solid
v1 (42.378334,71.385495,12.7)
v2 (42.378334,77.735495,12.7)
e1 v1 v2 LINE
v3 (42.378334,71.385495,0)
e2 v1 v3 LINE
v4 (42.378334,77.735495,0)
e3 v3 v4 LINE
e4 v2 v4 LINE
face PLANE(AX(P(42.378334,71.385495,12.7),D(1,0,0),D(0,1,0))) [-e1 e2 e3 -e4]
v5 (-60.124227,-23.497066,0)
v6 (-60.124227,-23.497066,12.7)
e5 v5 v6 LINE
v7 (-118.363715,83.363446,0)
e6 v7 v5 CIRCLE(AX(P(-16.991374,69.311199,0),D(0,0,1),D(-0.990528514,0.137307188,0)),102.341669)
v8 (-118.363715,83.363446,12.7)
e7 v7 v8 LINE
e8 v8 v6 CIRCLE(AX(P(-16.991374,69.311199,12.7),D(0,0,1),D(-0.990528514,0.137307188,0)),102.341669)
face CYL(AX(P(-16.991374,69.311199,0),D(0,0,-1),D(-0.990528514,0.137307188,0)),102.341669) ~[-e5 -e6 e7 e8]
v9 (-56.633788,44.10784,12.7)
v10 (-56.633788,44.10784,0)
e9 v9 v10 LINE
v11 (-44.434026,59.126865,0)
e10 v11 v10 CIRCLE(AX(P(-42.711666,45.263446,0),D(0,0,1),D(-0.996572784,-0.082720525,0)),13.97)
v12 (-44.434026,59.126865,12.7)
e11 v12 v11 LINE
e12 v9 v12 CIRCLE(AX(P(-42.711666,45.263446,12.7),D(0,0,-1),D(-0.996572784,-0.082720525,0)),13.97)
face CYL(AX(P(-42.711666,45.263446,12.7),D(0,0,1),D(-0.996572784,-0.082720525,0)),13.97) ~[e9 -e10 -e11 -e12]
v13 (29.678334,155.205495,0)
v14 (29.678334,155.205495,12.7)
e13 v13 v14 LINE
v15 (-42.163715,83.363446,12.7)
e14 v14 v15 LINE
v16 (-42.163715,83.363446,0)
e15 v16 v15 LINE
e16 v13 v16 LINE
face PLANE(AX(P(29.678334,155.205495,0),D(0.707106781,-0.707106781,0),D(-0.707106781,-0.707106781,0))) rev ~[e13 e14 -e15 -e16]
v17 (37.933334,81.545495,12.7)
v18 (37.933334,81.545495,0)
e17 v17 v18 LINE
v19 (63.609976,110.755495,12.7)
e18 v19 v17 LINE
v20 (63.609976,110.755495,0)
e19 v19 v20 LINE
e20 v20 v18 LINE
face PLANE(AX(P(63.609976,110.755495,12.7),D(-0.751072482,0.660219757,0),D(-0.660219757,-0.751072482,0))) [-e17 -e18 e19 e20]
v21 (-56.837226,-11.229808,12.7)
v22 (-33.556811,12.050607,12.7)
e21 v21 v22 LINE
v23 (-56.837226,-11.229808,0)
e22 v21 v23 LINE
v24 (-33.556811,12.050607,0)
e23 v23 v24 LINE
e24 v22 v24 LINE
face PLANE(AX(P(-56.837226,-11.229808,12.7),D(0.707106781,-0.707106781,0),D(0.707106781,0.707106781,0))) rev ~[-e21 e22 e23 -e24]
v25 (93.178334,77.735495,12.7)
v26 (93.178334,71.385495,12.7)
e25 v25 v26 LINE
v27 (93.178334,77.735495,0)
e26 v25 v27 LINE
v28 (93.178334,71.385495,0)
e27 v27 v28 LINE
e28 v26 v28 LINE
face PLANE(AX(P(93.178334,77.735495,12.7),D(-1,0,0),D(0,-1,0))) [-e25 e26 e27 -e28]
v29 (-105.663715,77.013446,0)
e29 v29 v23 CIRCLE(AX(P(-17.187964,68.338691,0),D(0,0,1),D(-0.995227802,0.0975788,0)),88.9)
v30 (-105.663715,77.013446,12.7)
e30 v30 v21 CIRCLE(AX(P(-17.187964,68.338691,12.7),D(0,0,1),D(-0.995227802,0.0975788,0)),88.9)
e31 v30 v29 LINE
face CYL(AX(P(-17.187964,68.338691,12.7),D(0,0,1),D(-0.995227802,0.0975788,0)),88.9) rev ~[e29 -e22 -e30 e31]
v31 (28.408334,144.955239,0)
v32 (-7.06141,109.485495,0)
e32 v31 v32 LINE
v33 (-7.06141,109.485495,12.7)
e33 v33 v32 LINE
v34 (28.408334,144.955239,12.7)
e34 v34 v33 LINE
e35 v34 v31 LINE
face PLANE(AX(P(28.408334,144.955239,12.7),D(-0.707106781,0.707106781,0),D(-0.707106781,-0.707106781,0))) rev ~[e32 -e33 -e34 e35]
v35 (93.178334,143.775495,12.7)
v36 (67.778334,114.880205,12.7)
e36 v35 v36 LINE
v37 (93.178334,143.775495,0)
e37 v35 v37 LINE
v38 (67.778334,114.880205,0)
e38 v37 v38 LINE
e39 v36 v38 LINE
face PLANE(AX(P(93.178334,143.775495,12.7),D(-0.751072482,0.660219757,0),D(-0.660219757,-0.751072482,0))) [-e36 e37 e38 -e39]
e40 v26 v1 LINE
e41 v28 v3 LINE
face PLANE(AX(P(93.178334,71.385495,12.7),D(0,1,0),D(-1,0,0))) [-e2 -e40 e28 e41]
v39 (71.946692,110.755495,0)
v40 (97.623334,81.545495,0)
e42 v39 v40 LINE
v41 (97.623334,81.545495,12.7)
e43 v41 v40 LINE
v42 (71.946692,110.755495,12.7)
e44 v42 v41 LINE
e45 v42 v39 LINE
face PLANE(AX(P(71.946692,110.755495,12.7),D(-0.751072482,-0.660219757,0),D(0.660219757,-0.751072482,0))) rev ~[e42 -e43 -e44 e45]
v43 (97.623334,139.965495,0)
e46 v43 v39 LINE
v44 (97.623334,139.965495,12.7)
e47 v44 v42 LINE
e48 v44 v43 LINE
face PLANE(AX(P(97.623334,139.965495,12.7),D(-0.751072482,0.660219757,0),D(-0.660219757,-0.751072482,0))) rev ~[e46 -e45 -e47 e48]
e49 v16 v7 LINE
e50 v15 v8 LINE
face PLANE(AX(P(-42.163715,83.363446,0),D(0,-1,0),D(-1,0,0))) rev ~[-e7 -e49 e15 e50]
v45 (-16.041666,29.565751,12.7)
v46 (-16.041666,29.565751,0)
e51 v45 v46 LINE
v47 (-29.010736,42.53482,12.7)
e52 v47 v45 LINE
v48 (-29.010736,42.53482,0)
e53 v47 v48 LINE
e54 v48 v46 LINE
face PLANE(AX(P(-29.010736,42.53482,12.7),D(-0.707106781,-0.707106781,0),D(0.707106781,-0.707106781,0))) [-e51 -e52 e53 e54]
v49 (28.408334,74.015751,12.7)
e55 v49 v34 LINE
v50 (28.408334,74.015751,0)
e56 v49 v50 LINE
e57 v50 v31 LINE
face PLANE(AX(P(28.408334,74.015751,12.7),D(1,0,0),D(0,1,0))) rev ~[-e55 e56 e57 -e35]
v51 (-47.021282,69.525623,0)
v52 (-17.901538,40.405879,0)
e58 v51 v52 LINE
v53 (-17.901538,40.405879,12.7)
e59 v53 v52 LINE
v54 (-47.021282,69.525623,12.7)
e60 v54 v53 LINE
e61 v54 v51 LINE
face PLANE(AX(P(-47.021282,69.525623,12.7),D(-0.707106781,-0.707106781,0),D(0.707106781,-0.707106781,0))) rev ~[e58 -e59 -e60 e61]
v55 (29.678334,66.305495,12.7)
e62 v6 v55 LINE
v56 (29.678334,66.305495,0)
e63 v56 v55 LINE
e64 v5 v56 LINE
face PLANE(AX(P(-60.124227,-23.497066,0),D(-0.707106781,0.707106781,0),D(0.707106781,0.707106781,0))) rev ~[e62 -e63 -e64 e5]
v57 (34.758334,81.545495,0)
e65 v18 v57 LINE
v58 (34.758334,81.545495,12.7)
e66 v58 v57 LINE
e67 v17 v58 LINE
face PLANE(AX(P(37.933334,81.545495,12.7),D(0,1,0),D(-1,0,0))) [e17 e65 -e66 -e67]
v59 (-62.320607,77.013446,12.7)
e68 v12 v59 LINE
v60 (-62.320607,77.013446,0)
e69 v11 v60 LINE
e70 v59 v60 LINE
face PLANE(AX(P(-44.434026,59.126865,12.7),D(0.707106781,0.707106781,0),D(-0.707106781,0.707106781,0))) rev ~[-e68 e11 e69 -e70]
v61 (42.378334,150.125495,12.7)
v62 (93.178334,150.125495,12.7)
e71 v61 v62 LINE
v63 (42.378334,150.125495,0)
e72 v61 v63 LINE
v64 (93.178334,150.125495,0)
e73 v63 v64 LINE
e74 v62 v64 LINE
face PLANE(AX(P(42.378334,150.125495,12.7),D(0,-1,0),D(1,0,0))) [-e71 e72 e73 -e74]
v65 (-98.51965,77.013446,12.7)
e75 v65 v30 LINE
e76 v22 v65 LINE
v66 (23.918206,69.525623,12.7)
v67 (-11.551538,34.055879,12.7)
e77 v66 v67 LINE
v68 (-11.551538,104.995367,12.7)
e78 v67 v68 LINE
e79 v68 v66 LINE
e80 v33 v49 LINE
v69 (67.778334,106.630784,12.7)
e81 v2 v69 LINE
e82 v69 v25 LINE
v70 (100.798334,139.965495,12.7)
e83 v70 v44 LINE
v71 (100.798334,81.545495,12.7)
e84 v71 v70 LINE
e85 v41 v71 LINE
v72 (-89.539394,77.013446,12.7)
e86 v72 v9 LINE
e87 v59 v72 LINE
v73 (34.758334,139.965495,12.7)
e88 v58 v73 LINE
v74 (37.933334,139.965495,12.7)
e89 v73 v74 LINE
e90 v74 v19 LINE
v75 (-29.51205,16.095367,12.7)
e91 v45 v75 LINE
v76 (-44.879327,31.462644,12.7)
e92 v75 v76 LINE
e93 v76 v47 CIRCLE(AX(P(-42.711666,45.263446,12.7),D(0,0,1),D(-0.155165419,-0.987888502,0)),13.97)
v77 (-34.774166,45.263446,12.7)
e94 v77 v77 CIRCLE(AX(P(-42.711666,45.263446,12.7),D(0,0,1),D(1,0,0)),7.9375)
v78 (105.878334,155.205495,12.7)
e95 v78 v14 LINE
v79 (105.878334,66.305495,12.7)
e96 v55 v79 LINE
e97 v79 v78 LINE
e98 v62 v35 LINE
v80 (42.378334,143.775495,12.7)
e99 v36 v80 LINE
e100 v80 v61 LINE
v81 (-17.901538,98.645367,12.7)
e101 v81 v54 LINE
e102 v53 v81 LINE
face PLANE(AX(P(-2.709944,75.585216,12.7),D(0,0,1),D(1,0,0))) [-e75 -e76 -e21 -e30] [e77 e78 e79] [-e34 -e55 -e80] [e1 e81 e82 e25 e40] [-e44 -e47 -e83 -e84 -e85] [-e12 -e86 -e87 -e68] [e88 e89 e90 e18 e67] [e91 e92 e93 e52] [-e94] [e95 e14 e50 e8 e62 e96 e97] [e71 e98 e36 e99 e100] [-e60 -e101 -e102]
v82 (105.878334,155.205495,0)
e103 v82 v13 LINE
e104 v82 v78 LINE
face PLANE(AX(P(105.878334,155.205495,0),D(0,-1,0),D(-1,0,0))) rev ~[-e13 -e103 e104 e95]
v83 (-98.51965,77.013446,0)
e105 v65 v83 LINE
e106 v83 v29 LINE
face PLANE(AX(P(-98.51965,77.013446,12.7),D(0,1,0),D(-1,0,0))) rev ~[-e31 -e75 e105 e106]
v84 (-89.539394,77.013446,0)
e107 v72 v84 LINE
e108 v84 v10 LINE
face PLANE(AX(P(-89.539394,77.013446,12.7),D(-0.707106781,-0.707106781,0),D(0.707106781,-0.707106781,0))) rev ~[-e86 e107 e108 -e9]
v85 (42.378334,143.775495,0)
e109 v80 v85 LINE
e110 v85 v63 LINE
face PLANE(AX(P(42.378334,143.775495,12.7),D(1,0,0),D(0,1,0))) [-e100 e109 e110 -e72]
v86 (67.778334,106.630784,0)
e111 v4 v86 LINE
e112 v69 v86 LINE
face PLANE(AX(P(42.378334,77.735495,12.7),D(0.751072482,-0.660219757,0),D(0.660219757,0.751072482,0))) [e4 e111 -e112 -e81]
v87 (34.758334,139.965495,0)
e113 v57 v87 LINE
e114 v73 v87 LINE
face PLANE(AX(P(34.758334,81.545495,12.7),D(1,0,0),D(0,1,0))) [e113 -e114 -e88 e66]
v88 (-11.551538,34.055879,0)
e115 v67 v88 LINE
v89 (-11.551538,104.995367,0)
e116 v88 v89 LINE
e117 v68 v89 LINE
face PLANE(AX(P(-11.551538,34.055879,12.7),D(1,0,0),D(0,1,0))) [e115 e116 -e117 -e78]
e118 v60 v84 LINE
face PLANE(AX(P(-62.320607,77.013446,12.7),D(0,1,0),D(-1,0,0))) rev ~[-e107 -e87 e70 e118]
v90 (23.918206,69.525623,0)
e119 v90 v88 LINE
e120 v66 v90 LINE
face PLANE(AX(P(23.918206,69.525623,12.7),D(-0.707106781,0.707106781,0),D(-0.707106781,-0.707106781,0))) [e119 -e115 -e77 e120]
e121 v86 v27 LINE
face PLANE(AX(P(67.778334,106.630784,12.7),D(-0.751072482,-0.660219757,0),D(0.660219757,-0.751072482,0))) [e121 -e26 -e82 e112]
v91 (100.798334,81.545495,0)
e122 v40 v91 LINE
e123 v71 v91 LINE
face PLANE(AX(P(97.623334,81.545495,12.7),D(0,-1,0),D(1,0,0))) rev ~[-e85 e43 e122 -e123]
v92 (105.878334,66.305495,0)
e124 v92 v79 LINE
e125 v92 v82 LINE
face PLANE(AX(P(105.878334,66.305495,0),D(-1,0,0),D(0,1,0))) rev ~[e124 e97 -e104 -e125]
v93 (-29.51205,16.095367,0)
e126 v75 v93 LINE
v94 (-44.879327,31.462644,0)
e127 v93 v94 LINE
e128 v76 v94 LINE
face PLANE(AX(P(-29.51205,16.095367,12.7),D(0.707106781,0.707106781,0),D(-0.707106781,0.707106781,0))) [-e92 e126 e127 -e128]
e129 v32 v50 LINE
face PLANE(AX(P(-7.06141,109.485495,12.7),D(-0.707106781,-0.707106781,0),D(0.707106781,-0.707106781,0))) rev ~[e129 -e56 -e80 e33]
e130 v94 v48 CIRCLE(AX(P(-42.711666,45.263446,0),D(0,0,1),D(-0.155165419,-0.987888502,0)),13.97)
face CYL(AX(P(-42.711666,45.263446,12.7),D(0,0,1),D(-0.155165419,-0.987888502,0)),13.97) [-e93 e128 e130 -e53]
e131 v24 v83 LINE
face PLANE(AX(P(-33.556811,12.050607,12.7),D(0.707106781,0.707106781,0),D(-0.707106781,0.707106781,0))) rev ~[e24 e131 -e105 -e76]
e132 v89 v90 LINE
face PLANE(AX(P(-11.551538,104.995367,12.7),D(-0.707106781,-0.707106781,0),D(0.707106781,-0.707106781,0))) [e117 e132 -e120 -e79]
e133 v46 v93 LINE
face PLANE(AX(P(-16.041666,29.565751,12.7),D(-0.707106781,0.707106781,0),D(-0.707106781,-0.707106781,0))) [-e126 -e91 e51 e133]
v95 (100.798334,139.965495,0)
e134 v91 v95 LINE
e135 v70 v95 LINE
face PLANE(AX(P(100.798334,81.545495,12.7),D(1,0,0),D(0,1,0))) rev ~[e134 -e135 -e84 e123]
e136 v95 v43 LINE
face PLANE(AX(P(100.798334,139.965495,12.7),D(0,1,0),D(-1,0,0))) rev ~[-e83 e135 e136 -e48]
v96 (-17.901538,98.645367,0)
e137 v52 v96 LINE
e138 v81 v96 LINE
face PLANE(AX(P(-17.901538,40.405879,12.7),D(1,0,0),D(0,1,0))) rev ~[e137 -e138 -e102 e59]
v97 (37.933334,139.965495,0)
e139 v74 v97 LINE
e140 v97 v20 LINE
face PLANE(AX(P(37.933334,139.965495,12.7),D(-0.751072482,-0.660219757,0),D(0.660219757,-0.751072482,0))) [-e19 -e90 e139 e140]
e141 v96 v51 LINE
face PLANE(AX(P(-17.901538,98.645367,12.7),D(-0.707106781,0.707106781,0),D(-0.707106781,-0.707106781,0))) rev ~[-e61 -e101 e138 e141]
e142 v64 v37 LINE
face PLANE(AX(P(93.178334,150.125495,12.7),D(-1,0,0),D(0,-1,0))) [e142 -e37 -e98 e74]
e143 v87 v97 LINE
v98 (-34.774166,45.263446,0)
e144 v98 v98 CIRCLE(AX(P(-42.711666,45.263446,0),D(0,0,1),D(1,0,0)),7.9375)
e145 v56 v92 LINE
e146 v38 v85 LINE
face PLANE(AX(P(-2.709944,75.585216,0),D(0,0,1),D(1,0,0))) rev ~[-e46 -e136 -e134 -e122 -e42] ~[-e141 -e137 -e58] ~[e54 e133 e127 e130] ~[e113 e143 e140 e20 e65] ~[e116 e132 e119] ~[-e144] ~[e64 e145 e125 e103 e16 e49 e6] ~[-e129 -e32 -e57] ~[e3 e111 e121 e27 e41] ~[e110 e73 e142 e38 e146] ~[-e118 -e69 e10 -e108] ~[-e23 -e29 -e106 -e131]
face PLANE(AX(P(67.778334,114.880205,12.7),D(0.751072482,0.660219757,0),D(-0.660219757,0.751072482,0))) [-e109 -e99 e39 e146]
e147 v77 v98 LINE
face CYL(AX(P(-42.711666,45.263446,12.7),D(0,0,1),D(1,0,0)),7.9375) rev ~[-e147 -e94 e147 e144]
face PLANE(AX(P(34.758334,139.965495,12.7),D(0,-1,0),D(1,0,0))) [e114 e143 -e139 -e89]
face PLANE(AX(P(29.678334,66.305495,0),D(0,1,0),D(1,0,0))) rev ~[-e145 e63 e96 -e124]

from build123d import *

# Parameters (mm, degrees)
BOSS_EXTRUDE1_DEPTH = 12.7
SKETCH2_R           = 7.9375
CUT_EXTRUDE1_DEPTH  = 25.4
CUT_EXTRUDE2_DEPTH  = 25.4
CUT_EXTRUDE3_DEPTH  = 25.4
CUT_EXTRUDE4_DEPTH  = 25.4
CUT_EXTRUDE5_DEPTH  = 25.4


with BuildPart() as part:
    # Sketch1 → Boss-Extrude1 (new body)
    with BuildSketch(Plane.XY):
        with BuildLine():
            Line((29.67833379, 155.20549492), (-42.163715178, 83.363445951))
            Line((-42.163715178, 83.363445951), (-118.363715178, 83.363445951))
            ThreePointArc((-118.363715178, 83.363445951), (-106.853658004, 20.335826766), (-60.124227421, -23.497066291))
            Line((-60.124227421, -23.497066291), (29.67833379, 66.30549492))
            Line((29.67833379, 66.30549492), (105.87833379, 66.30549492))
            Line((105.87833379, 66.30549492), (105.87833379, 155.20549492))
            Line((105.87833379, 155.20549492), (29.67833379, 155.20549492))
        make_face()
    extrude(amount=BOSS_EXTRUDE1_DEPTH)

    # Sketch2 → Cut-Extrude1 (cut)
    with BuildSketch(Plane.XY.offset(12.7)):
        with Locations((-42.71166621, 45.263445951)):
            Circle(SKETCH2_R)
    extrude(amount=-CUT_EXTRUDE1_DEPTH, mode=Mode.SUBTRACT)

    # Sketch3 → Cut-Extrude2 (cut)
    with BuildSketch(Plane.XY.offset(12.7)):
        Polygon((93.17833379, 143.77549492), (67.77833379, 114.880205391), (42.37833379, 143.77549492), (42.37833379, 150.12549492), (93.17833379, 150.12549492), align=None)
        Polygon((97.62333379, 139.96549492), (71.946691953, 110.75549492), (97.62333379, 81.54549492), (100.79833379, 81.54549492), (100.79833379, 139.96549492), align=None)
        Polygon((34.75833379, 139.96549492), (37.93333379, 139.96549492), (63.609975627, 110.75549492), (37.93333379, 81.54549492), (34.75833379, 81.54549492), align=None)
        Polygon((42.37833379, 71.38549492), (42.37833379, 77.73549492), (67.77833379, 106.630784448), (93.17833379, 77.73549492), (93.17833379, 71.38549492), align=None)
    extrude(amount=-CUT_EXTRUDE2_DEPTH, mode=Mode.SUBTRACT)

    # Sketch4 → Cut-Extrude3 (cut)
    with BuildSketch(Plane.XY.offset(12.7)):
        Polygon((-7.061410089, 109.48549492), (28.40833379, 74.015751041), (28.40833379, 144.955238799), align=None)
        Polygon((23.91820573, 69.52562298), (-11.551538149, 34.055879101), (-11.551538149, 104.995366859), align=None)
        Polygon((-17.901538149, 98.645366859), (-47.021282028, 69.52562298), (-17.901538149, 40.405879101), align=None)
    extrude(amount=-CUT_EXTRUDE3_DEPTH, mode=Mode.SUBTRACT)

    # Sketch5 → Cut-Extrude4 (cut)
    with BuildSketch(Plane.XY.offset(12.7)):
        with BuildLine():
            Line((-29.010735503, 42.534820334), (-16.04166621, 29.565751041))
            Line((-16.04166621, 29.565751041), (-29.512050392, 16.095366859))
            Line((-29.512050392, 16.095366859), (-44.879327107, 31.462643575))
            ThreePointArc((-44.879327107, 31.462643575), (-34.717771497, 33.806633684), (-29.010735503, 42.534820334))
        make_face()
        with BuildLine():
            Line((-44.434025607, 59.126864653), (-62.320606906, 77.013445951))
            Line((-62.320606906, 77.013445951), (-89.539393744, 77.013445951))
            Line((-89.539393744, 77.013445951), (-56.633788009, 44.107840216))
            ThreePointArc((-56.633788009, 44.107840216), (-53.555107626, 54.071435408), (-44.434025607, 59.126864653))
        make_face()
    extrude(amount=-CUT_EXTRUDE4_DEPTH, mode=Mode.SUBTRACT)

    # Sketch6 → Cut-Extrude5 (cut)
    with BuildSketch(Plane.XY.offset(12.7)):
        with BuildLine():
            Line((-56.837225548, -11.229808297), (-33.556810582, 12.050606669))
            Line((-33.556810582, 12.050606669), (-98.519649865, 77.013445951))
            Line((-98.519649865, 77.013445951), (-105.663715178, 77.013445951))
            ThreePointArc((-105.663715178, 77.013445951), (-94.97435542, 25.298160398), (-56.837225548, -11.229808297))
        make_face()
    extrude(amount=-CUT_EXTRUDE5_DEPTH, mode=Mode.SUBTRACT)


solid = part.part
